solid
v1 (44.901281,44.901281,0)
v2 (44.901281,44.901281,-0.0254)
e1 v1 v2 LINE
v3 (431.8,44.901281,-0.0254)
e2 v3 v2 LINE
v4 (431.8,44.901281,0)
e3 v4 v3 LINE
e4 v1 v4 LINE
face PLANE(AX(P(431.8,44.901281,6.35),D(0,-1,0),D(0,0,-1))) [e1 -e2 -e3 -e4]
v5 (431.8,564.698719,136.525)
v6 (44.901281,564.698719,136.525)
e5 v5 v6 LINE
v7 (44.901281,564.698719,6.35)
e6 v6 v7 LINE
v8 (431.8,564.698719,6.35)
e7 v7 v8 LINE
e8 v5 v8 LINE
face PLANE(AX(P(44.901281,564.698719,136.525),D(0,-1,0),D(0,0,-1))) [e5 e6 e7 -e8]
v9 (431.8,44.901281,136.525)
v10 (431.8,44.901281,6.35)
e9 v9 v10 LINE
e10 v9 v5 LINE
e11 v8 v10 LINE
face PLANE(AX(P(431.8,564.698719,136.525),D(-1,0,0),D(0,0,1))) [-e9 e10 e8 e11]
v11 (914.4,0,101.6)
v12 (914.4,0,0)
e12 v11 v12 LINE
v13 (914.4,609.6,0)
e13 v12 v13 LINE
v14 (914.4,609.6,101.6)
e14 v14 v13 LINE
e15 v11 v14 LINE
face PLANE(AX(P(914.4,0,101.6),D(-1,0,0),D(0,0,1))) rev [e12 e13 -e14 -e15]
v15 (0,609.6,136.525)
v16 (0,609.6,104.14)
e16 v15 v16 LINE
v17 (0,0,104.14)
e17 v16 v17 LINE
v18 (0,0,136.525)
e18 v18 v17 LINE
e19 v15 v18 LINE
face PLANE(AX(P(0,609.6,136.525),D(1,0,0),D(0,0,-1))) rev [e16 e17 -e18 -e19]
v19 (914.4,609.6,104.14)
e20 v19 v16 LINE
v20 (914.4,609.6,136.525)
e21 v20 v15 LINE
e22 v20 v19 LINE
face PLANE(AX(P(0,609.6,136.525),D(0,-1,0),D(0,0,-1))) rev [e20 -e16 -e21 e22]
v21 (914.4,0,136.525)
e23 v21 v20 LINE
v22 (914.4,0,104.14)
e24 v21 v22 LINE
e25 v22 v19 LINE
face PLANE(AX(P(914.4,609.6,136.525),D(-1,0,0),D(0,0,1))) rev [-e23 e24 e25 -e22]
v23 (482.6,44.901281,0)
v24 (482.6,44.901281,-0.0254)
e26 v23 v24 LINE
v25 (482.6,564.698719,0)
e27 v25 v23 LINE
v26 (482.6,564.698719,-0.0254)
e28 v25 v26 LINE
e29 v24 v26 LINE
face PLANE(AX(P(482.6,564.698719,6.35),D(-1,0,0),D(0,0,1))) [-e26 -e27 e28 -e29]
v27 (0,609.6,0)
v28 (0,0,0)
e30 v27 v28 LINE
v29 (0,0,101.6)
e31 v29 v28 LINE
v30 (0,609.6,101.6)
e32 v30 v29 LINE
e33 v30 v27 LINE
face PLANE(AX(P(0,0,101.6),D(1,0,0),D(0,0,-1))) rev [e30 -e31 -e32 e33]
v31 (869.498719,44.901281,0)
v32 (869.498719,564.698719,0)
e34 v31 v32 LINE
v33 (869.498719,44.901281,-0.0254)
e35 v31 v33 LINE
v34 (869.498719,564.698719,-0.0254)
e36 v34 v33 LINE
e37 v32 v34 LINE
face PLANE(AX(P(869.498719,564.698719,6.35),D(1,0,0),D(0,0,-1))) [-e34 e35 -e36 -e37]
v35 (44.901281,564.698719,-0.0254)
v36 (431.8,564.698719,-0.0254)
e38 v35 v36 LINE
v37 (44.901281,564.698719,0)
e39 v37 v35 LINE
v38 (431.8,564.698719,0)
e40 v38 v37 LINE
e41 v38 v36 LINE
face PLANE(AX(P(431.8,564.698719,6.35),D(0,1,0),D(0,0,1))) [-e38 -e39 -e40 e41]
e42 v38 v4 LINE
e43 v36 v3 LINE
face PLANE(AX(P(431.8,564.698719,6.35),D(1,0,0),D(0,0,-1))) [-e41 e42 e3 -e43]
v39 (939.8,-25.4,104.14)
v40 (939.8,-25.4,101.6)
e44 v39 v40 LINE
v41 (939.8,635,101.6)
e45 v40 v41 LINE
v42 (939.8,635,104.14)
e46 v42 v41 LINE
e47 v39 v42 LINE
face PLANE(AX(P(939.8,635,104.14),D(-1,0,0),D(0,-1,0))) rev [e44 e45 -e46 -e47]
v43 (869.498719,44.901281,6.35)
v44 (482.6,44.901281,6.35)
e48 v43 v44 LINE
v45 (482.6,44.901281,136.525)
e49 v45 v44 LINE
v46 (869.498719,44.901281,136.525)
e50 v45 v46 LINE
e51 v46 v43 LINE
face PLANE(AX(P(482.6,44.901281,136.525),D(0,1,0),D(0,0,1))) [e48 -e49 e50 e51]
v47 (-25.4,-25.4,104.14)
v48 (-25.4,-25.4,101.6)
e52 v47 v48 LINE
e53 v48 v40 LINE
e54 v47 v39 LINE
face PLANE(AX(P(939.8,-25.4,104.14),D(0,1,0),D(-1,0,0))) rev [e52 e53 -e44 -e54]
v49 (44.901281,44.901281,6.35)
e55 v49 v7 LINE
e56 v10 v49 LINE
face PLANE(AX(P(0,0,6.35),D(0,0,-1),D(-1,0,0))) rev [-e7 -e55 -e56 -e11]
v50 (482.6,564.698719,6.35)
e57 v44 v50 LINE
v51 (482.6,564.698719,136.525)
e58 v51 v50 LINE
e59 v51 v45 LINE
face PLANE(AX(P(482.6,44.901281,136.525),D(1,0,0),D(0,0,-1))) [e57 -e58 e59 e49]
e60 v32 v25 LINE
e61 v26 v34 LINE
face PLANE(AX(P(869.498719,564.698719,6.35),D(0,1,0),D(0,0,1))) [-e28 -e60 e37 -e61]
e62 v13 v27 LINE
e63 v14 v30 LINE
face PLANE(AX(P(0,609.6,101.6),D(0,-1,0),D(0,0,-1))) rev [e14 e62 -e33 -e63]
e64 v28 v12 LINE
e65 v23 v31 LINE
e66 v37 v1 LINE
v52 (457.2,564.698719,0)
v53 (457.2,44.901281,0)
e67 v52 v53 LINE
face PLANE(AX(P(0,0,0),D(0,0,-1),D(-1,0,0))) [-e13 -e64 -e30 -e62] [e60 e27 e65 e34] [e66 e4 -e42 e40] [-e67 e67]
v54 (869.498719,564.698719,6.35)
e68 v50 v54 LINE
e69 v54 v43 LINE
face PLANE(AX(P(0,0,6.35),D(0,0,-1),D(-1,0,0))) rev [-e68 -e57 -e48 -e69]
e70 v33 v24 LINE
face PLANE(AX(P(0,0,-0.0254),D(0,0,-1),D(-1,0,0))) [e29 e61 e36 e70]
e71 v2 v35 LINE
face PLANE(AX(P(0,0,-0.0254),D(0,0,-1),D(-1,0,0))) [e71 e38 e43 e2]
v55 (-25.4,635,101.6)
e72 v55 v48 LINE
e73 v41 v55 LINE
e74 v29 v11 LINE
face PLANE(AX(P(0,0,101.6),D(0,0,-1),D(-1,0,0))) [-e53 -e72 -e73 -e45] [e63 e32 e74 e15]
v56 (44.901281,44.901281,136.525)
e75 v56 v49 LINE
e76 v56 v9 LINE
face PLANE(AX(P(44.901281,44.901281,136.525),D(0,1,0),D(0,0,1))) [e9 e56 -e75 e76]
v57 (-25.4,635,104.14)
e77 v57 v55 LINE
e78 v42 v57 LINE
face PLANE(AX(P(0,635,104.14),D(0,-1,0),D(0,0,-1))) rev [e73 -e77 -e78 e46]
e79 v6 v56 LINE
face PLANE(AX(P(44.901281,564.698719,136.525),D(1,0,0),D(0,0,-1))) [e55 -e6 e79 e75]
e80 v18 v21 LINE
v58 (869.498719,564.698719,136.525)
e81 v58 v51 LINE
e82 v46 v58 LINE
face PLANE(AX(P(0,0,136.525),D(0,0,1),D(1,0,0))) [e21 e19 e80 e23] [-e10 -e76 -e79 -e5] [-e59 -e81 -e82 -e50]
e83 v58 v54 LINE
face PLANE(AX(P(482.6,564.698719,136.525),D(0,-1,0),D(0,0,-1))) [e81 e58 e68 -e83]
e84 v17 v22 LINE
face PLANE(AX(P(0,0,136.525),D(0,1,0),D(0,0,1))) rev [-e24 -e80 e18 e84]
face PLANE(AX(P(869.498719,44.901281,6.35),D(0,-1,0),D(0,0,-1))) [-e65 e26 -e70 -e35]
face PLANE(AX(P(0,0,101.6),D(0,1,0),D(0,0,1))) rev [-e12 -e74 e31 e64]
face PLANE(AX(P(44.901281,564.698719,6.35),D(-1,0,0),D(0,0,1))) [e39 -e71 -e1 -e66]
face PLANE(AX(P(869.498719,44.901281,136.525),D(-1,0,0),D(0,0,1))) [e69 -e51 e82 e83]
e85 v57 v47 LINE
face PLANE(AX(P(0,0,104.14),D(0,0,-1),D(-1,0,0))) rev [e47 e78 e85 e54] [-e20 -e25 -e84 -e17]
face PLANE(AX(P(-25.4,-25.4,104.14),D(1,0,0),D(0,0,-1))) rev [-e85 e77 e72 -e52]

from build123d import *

# Parameters (mm, degrees)
SKETCH1_W                = 914.4
SKETCH1_H                = 609.6
SKETCH1_W_2              = 824.59743879
SKETCH1_H_2              = 519.79743879
BOSS_EXTRUDE1_DEPTH      = 101.6
SKETCH2_W                = 914.4
SKETCH2_H                = 609.6
BOSS_EXTRUDE2_DEPTH      = 2.54
BOSS_EXTRUDE3_REACH      = 1116.579
SKETCH4_W                = 914.4
SKETCH4_H                = 609.6
SKETCH4_W_2              = 386.898719395
SKETCH4_H_2              = 519.79743879
BOSS_EXTRUDE4_DEPTH      = 34.925
BOSS_EXTRUDE5_DEPTH      = 0.0254
BOSS_EXTRUDE5_DEPTH_BACK = 6.35
SKETCH5_W                = 386.898719395
SKETCH5_H                = 519.79743879


with BuildPart() as part:
    # Sketch1 → Boss-Extrude1 (new body)
    with BuildSketch(Plane.XY):
        with Locations((457.2, 304.8)):
            Rectangle(SKETCH1_W, SKETCH1_H)
        with Locations((457.2, 304.8)):
            Rectangle(SKETCH1_W_2, SKETCH1_H_2, mode=Mode.SUBTRACT)
    extrude(amount=BOSS_EXTRUDE1_DEPTH)

    # Sketch3 → Boss-Extrude3 (add, up to next)
    with BuildSketch(Plane(origin=(0, 44.901280605, 0), x_dir=(1, 0, 0), z_dir=(0, 1, 0)), mode=Mode.PRIVATE) as boss_extrude3_sk1:
        Polygon((457.2, 0), (482.6, 0), (482.6, -101.6), (431.8, -101.6), (431.8, 0), align=None)
    boss_extrude3_tool1 = extrude(boss_extrude3_sk1.sketch, amount=BOSS_EXTRUDE3_REACH, mode=Mode.PRIVATE) - part.part
    add(boss_extrude3_tool1.solids().sort_by_distance((457.2, 44.901281, 50.8))[0])



with BuildPart() as body_2:
    # Sketch2 → Boss-Extrude2 (new body)
    with BuildSketch(Plane.XY.offset(101.6)):
        Polygon((0, 635), (939.8, 635), (939.8, -25.4), (-25.4, -25.4), (-25.4, 635), align=None)
        with Locations((457.2, 304.8)):
            Rectangle(SKETCH2_W, SKETCH2_H, mode=Mode.SUBTRACT)
    extrude(amount=BOSS_EXTRUDE2_DEPTH)


with BuildPart() as part_1:
    add(part.part)

    add(body_2.part)  # Boss-Extrude4 merges body 2
    # Sketch4 → Boss-Extrude4 (add)
    with BuildSketch(Plane.XY.offset(101.6)):
        with Locations((457.2, 304.8)):
            Rectangle(SKETCH4_W, SKETCH4_H)
        with Locations((238.350640303, 304.8)):
            Rectangle(SKETCH4_W_2, SKETCH4_H_2, mode=Mode.SUBTRACT)
        with Locations((676.049359697, 304.8)):
            Rectangle(SKETCH4_W_2, SKETCH4_H_2, mode=Mode.SUBTRACT)
    extrude(amount=BOSS_EXTRUDE4_DEPTH)

    # Sketch5 → Boss-Extrude5 (add, two sides: drawn at the far end of the back side and taken through both)
    with BuildSketch(Plane(origin=(0, 0, 0), x_dir=(-1, 0, 0), z_dir=(0, 0, -1)).offset(-BOSS_EXTRUDE5_DEPTH_BACK)):
        with Locations((-676.049359697, 304.8)):
            Rectangle(SKETCH5_W, SKETCH5_H)
        with Locations((-238.350640303, 304.8)):
            Rectangle(SKETCH5_W, SKETCH5_H)
    extrude(amount=BOSS_EXTRUDE5_DEPTH + BOSS_EXTRUDE5_DEPTH_BACK)


solid = part_1.part
